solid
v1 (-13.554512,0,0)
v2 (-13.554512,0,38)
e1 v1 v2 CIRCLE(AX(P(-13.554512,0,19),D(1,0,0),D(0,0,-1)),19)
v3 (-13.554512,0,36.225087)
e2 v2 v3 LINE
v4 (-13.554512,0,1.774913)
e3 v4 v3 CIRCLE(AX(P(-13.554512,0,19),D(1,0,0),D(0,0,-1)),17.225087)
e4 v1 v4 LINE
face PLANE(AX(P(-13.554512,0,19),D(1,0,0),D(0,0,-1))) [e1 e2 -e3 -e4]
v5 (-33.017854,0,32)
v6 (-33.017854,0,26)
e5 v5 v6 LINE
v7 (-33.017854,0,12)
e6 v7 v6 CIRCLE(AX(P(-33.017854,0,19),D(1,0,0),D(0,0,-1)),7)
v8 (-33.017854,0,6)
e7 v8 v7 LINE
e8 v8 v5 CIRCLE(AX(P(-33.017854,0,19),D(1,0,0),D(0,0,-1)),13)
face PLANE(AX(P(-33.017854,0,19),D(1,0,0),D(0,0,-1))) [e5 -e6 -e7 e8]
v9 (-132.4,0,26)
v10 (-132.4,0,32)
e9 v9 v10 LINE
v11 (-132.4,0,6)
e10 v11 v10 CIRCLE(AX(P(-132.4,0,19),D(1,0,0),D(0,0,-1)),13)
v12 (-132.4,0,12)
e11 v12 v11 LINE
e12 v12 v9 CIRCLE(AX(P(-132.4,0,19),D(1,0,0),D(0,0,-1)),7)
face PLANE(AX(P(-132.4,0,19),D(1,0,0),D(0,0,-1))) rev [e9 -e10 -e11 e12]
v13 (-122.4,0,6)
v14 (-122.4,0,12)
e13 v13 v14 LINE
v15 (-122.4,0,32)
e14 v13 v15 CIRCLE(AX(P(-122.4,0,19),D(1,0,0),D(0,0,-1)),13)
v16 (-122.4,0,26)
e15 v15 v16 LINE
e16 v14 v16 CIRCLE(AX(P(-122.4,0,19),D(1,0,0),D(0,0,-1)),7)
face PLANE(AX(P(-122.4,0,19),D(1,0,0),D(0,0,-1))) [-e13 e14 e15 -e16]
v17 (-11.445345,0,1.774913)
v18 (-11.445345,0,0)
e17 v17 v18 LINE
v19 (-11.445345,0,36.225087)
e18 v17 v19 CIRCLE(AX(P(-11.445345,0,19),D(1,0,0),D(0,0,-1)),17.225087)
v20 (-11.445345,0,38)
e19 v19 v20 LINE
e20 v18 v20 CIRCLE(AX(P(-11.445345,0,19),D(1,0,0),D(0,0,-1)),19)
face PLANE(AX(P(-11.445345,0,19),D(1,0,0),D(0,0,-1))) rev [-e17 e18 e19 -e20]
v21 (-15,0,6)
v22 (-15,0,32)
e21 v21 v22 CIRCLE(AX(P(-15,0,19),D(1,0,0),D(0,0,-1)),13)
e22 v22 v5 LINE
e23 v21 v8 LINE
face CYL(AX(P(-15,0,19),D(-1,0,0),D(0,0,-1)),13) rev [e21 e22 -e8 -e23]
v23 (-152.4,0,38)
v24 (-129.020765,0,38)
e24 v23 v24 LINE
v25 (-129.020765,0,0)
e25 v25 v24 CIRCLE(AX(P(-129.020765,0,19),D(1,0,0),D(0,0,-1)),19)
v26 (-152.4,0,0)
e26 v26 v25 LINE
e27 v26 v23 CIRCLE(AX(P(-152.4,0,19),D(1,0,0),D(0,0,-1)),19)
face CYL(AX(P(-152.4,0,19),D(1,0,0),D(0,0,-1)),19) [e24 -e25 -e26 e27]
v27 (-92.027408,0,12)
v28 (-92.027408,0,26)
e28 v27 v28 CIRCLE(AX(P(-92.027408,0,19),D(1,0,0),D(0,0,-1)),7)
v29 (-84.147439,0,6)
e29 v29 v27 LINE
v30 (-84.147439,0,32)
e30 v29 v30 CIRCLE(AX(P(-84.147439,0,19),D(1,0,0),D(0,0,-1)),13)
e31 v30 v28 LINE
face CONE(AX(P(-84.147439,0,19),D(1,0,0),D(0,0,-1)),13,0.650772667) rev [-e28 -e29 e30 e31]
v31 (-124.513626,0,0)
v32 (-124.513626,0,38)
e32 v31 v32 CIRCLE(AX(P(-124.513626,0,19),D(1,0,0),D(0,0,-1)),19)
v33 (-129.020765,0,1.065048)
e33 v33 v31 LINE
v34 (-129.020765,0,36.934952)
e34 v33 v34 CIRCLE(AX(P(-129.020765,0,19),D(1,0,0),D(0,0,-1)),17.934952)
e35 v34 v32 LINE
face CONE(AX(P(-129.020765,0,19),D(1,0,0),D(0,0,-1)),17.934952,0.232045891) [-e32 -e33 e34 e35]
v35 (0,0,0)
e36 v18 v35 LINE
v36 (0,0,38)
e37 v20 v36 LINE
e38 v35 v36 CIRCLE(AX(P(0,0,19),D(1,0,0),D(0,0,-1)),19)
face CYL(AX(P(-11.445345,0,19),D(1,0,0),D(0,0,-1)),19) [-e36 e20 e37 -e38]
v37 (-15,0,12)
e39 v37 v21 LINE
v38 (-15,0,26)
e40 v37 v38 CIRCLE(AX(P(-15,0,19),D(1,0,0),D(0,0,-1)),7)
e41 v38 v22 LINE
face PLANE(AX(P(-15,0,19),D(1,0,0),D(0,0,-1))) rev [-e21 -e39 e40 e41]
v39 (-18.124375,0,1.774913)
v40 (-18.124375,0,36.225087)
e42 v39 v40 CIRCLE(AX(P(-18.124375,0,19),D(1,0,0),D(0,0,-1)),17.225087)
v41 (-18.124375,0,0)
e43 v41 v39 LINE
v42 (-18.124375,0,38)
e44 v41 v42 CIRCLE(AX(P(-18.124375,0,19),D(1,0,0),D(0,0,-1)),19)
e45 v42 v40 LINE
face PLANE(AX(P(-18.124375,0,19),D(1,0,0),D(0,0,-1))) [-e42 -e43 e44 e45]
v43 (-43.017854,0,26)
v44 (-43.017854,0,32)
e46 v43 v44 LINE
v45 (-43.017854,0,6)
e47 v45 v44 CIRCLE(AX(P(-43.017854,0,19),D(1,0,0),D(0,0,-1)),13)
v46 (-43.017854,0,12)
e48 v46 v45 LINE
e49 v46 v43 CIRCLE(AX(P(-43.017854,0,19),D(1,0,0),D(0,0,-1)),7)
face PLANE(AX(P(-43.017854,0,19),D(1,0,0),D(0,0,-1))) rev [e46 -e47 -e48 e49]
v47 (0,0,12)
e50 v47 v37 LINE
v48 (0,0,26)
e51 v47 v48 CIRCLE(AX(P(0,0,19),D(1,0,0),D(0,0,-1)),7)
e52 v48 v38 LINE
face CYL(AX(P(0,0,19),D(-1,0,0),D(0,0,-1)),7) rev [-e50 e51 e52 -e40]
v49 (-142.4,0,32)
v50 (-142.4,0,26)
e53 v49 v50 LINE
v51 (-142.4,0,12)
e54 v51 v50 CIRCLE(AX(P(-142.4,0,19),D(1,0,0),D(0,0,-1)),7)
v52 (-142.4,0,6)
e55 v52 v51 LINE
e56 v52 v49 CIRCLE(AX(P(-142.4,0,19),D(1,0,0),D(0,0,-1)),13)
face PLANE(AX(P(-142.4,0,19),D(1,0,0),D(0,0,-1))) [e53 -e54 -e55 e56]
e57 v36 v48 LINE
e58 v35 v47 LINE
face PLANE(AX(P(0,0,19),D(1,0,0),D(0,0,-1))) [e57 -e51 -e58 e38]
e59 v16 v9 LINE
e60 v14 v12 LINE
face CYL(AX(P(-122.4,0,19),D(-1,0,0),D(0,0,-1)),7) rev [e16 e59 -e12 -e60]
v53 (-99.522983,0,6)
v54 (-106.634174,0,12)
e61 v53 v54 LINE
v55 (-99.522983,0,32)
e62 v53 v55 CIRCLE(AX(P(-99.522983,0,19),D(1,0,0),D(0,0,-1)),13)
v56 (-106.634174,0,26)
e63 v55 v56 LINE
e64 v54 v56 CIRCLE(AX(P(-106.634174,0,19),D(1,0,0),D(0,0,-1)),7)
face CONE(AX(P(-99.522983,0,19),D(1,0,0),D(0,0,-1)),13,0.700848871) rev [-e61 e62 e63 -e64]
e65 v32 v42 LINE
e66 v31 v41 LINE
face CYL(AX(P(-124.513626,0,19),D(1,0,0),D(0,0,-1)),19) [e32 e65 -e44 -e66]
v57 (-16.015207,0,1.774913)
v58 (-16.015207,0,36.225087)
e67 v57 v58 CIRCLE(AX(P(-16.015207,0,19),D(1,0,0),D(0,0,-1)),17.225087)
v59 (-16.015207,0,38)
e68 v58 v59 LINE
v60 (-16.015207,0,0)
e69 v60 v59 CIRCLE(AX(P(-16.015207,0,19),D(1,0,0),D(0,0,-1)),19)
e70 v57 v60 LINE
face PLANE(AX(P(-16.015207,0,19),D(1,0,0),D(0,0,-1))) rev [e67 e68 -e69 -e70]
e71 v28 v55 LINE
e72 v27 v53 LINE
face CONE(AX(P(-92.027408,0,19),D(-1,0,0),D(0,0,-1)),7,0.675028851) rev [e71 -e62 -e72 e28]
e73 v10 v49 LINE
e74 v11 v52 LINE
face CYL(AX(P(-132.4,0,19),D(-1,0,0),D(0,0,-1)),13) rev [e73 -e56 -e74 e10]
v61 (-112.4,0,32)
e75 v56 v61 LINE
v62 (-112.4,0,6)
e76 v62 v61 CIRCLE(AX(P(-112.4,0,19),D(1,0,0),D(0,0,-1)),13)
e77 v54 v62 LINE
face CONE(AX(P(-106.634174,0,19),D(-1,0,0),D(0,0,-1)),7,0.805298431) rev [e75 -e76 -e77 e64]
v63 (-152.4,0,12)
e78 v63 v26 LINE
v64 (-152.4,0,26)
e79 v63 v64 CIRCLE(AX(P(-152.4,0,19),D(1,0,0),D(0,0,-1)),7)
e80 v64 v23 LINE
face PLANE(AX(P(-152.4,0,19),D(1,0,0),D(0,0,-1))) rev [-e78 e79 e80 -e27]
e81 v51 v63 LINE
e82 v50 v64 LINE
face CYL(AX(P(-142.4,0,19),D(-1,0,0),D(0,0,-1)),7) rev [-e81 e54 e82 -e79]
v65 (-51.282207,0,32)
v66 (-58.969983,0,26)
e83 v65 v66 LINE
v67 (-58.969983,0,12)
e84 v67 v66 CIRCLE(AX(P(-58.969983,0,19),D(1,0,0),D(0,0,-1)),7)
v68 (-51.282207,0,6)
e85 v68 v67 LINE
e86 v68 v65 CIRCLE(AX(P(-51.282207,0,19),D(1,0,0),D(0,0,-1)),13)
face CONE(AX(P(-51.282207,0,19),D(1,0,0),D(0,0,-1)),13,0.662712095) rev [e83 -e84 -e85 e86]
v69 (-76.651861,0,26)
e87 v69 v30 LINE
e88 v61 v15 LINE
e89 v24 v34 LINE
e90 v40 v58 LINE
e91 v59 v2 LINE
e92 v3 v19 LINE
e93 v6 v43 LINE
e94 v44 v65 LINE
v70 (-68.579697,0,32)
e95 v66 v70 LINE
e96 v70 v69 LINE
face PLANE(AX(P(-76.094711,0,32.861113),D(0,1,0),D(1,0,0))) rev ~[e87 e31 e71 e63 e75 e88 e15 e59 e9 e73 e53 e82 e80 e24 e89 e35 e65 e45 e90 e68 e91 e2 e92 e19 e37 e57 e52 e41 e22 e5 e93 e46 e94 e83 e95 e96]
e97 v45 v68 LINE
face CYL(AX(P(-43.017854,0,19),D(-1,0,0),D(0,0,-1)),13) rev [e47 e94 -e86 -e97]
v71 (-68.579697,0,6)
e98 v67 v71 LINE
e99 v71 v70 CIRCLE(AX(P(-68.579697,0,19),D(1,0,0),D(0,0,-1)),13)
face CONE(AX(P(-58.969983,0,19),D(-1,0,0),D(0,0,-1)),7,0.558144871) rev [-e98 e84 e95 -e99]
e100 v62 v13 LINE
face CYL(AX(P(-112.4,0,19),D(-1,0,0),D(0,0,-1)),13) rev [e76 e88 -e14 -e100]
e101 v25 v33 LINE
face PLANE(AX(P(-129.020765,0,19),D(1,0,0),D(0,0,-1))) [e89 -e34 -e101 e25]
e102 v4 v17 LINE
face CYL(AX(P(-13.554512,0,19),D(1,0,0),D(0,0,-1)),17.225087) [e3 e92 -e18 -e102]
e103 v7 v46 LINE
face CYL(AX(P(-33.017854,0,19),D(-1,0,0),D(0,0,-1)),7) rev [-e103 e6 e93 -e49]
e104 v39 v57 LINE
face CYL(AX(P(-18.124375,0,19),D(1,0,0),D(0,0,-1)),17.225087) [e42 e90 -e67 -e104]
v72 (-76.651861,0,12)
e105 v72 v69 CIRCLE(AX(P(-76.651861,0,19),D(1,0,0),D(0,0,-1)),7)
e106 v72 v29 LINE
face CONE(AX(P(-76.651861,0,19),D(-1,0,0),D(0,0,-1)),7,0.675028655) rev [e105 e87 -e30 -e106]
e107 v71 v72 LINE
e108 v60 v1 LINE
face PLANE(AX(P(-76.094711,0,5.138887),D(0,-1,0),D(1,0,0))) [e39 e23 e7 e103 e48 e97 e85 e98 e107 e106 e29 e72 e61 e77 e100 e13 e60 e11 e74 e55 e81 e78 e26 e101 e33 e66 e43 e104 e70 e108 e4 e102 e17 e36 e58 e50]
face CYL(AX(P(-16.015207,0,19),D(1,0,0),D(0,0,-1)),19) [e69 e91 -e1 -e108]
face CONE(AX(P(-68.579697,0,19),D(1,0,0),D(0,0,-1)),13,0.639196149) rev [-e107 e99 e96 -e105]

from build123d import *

# Parameters (mm, degrees)
F1_ANGLE = 180


with BuildPart() as f1:
    # F0 (on Front) → F1 (revolve)
    with BuildSketch(Plane.XZ):
        Polygon((-11.445345, 0), (0, 0), (0, 12), (-15, 12), (-15, 6), (-33.017854, 6), (-33.017854, 12), (-43.017854, 12), (-43.017854, 6), (-51.282207, 6), (-58.969983, 12), (-68.579697, 6), (-76.651861, 12), (-84.147439, 6), (-92.027408, 12), (-99.522983, 6), (-106.634174, 12), (-112.4, 6), (-122.4, 6), (-122.4, 12), (-132.4, 12), (-132.4, 6), (-142.4, 6), (-142.4, 12), (-152.4, 12), (-152.4, 0), (-129.020765, 0), (-129.020765, 1.065048), (-124.513626, 0), (-18.124375, 0), (-18.124375, 1.774913), (-16.015207, 1.774913), (-16.015207, 0), (-13.554512, 0), (-13.554512, 1.774913), (-11.445345, 1.774913), align=None)
    revolve(axis=Axis((-72.239956, 0, 19), (1, 0, 0)), revolution_arc=F1_ANGLE)


solid = f1.part
